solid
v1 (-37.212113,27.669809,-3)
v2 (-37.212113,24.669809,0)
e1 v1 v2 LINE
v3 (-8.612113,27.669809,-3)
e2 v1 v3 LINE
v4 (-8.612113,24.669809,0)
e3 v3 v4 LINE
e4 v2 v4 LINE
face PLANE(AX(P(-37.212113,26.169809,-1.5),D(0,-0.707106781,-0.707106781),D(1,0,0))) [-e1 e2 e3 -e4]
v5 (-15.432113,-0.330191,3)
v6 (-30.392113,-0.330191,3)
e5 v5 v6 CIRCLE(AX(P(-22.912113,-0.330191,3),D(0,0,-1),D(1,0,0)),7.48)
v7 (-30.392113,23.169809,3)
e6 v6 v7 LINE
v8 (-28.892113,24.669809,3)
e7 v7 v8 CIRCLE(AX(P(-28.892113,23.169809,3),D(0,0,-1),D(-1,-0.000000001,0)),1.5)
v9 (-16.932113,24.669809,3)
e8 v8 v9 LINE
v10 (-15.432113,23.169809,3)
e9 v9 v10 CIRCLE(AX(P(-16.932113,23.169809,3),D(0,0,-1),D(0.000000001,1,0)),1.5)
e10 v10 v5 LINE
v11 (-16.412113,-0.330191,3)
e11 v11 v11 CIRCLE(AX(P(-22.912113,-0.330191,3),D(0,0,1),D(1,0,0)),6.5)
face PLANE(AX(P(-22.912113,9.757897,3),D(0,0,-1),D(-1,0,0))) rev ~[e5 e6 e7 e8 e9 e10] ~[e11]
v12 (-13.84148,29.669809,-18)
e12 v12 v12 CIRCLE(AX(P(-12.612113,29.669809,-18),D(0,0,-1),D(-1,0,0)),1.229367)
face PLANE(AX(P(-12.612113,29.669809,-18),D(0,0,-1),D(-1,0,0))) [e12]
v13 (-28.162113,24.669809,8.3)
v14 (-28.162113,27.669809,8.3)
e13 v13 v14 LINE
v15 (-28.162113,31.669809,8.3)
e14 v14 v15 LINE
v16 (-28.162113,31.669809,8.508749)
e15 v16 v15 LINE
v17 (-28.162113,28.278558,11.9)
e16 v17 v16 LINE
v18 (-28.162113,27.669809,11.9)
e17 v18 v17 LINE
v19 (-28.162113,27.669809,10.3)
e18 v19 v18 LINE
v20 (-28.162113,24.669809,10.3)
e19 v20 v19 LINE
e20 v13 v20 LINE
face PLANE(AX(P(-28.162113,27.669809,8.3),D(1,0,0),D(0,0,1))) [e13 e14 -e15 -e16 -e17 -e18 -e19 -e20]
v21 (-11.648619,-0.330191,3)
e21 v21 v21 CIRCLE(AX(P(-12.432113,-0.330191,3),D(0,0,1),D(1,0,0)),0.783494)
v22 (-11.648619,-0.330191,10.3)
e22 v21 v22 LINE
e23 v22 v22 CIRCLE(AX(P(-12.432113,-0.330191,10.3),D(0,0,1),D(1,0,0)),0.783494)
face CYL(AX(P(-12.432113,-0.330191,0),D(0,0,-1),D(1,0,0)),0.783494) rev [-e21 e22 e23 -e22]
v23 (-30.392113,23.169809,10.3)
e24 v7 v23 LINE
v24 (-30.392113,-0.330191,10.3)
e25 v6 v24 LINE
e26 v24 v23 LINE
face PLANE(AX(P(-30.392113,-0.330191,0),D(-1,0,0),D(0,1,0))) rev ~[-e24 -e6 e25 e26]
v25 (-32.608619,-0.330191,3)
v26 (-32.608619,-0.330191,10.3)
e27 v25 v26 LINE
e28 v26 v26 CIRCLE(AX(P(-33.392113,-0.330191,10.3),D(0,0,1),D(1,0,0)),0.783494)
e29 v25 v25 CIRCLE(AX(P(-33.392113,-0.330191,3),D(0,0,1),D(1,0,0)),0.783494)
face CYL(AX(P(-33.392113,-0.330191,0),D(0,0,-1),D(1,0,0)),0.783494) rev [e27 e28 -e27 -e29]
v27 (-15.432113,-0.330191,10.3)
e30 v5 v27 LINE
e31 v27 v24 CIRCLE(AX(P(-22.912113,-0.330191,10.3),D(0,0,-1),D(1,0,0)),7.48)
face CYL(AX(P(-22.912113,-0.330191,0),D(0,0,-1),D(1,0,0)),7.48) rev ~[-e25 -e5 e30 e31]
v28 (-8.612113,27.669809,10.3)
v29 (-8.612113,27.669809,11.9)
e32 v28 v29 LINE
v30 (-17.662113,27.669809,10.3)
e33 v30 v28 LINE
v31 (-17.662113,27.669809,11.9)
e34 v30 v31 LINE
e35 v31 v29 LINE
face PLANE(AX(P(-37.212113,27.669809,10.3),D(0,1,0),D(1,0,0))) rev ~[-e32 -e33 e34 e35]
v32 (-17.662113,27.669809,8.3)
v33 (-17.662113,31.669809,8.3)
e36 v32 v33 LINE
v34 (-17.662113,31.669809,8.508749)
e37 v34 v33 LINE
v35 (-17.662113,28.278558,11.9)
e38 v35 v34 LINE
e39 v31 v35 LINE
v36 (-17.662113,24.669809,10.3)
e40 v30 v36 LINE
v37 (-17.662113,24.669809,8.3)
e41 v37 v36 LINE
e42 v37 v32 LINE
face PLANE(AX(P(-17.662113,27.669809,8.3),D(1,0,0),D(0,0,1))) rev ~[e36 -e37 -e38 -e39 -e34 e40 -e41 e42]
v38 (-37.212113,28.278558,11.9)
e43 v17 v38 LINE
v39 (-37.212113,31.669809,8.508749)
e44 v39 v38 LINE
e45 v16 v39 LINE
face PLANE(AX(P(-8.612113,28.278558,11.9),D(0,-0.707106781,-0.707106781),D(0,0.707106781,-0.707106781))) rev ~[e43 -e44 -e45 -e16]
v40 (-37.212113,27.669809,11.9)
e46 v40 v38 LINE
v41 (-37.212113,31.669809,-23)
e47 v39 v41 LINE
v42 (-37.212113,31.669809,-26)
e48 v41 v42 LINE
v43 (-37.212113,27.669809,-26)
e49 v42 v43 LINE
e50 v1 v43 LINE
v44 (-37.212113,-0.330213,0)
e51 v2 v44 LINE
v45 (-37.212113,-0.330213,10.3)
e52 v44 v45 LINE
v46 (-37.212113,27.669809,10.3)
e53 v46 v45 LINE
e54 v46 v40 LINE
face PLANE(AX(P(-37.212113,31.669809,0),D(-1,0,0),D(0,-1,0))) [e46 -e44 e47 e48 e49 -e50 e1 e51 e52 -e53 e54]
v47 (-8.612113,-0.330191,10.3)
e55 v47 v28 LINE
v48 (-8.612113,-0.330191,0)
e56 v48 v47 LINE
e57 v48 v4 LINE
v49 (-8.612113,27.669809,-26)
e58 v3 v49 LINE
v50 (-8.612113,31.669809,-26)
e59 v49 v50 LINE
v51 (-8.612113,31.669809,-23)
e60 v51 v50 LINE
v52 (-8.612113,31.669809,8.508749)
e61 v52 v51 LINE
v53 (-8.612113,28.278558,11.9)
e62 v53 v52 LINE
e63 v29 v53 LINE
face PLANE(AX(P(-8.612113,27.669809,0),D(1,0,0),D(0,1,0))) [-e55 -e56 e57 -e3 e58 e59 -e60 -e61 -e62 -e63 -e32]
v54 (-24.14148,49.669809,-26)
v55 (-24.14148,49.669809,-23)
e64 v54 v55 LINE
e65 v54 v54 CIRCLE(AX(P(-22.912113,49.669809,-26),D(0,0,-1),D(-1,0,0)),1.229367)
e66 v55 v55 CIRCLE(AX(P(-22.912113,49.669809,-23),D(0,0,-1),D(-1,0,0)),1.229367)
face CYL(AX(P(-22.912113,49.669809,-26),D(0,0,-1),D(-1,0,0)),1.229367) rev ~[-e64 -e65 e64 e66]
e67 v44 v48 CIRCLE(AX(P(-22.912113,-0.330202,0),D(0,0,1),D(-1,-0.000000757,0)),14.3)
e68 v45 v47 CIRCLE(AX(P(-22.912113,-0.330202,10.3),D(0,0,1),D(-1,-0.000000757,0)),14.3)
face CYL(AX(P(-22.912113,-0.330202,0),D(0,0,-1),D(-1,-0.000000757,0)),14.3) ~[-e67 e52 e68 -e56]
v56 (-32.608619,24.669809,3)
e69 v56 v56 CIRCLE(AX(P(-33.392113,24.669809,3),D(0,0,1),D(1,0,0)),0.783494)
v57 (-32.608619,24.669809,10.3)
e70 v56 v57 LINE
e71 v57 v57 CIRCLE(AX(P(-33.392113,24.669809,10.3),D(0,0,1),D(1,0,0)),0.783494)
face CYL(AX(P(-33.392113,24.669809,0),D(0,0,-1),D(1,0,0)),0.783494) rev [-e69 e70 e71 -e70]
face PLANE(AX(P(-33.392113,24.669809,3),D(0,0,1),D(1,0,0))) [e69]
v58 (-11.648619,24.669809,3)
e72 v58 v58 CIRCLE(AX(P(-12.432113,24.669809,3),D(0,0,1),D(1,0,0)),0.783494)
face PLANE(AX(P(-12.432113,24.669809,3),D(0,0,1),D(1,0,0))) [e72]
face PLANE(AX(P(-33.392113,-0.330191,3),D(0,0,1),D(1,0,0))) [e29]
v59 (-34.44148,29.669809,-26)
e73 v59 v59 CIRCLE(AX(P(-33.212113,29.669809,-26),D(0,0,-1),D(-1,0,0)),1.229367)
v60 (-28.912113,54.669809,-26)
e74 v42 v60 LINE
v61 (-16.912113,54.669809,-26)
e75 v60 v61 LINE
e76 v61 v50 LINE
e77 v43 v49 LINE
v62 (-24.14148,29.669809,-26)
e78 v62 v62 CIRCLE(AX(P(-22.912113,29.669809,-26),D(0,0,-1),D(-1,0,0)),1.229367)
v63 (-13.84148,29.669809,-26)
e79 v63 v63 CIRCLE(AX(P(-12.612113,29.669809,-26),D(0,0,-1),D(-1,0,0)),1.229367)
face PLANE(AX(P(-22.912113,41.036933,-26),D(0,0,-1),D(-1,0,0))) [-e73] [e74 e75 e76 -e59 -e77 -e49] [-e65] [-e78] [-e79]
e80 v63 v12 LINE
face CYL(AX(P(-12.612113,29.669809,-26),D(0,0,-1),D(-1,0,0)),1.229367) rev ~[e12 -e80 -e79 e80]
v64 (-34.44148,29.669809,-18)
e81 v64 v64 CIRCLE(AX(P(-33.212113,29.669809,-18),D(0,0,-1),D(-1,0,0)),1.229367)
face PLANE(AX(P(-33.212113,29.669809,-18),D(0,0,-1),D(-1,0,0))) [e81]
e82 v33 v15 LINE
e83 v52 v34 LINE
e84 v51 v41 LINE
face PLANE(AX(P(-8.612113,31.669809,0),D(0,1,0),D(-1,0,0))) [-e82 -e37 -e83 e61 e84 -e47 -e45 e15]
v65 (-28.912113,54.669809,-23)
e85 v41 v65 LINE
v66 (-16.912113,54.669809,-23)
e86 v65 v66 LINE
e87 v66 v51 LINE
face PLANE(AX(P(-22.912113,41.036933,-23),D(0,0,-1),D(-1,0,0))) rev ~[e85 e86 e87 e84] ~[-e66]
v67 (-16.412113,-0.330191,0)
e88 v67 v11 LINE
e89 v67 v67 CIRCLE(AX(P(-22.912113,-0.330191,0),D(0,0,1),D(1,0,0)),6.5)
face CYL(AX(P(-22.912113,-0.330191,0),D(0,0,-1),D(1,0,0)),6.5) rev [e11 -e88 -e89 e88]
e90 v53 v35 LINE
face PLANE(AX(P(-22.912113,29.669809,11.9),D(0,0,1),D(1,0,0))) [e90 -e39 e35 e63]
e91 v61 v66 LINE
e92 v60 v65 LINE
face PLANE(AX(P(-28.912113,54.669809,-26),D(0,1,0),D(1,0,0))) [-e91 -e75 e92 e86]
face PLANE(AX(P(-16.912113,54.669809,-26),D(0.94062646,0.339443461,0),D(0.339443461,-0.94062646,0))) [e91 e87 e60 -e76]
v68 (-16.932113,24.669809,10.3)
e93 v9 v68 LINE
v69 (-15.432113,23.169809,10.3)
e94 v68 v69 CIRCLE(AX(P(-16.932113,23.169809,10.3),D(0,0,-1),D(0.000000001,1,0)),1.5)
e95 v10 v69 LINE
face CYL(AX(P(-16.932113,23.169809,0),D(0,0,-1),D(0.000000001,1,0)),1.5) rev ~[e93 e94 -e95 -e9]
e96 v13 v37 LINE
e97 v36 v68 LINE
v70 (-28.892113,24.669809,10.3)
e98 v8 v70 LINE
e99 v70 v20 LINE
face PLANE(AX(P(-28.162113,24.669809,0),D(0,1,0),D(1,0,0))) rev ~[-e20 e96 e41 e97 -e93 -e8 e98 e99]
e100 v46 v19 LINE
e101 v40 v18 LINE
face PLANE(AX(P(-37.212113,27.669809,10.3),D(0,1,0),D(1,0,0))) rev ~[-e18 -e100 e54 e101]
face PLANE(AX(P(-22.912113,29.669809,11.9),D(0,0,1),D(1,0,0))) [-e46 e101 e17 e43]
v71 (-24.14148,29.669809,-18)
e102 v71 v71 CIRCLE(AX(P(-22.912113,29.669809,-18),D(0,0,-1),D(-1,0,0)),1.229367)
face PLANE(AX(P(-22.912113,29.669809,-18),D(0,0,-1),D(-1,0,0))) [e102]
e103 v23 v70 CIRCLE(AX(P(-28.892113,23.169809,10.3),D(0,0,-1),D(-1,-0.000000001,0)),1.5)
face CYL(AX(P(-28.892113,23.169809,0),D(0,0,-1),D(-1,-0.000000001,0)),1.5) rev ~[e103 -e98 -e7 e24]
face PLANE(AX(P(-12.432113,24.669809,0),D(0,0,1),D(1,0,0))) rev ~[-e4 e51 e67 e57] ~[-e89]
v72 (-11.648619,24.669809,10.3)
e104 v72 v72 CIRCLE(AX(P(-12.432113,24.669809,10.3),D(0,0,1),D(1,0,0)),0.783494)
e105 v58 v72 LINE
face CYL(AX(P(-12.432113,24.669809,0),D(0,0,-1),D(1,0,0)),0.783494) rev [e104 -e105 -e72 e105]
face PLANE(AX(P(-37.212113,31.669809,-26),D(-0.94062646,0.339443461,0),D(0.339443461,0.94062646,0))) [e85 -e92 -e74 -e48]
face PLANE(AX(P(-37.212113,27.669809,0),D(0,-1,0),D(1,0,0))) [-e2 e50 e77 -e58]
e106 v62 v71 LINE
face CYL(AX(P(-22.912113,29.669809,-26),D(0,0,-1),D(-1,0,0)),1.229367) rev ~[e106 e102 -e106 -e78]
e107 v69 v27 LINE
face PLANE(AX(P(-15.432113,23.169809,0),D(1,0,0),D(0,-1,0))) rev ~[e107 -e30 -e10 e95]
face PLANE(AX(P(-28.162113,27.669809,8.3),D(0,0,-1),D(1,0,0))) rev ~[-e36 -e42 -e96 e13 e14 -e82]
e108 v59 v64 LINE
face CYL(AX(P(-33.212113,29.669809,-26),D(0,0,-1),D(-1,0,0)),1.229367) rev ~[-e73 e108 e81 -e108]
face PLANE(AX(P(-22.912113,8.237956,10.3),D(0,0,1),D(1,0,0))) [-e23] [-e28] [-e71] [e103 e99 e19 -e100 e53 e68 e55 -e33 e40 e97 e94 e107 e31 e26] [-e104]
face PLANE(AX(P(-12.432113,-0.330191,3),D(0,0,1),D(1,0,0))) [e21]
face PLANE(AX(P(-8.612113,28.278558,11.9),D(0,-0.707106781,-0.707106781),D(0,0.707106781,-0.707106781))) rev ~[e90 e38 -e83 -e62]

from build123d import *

# Parameters (mm, degrees)
MODEL_R             = 0.7834936
EXTRUDE_1_DEPTH     = 10.3
MODEL_3_W           = 10.5
MODEL_3_H           = 3
EXTRUDE_2_DEPTH     = 8.3
MODEL_4_R           = 6.5
EXTRUDE_3_DEPTH     = 3
SKETCH_2_W          = 28.6
SKETCH_2_H          = 4
EXTRUDE_4_DEPTH     = 1.6
SKETCH_3_W          = 10.5
SKETCH_3_H          = 5.089019843
CUT_EXTRUDE_1_DEPTH = 5.6
MODEL_5_W           = 28.6
MODEL_5_H           = 4
EXTRUDE_5_DEPTH     = 26
MODEL_6_R           = 0.7834936
EXTRUDE_6_DEPTH     = 3
SKETCH_4_R          = 1.229367
EXTRUDE_7_DEPTH     = 3
SKETCH_4_3_R        = 1.229367
CUT_EXTRUDE_2_DEPTH = 8
CHAMFER_1_SIZE      = 3
CUT_EXTRUDE_3_DEPTH = 30


with BuildPart() as part:
    # Model → Extrude 1 (new body)
    with BuildSketch(Plane.XY):
        with BuildLine():
            Line((-37.212112801, 31.669809042), (-37.212112801, -0.330212606))
            ThreePointArc((-37.212112801, -0.330212606), (-22.912101977, -14.630201782), (-8.612112801, -0.330190958))
            Line((-8.612112801, -0.330190958), (-8.612112801, 31.669809042))
            Line((-8.612112801, 31.669809042), (-37.212112801, 31.669809042))
        make_face()
        with BuildLine():
            Line((-28.162112801, 27.669809042), (-17.662112801, 27.669809042))
            Line((-17.662112801, 27.669809042), (-17.662112801, 24.669809042))
            Line((-17.662112801, 24.669809042), (-16.932112801, 24.669809042))
            ThreePointArc((-16.932112801, 24.669809042), (-15.87145263, 24.230469214), (-15.432112801, 23.169809042))
            Line((-15.432112801, 23.169809042), (-15.432112801, -0.330190958))
            ThreePointArc((-15.432112801, -0.330190958), (-22.912112801, -7.810190958), (-30.392112801, -0.330190958))
            Line((-30.392112801, -0.330190958), (-30.392112801, 23.169809042))
            ThreePointArc((-30.392112801, 23.169809042), (-29.952772973, 24.230469214), (-28.892112801, 24.669809042))
            Line((-28.892112801, 24.669809042), (-28.162112801, 24.669809042))
            Line((-28.162112801, 24.669809042), (-28.162112801, 27.669809042))
        make_face(mode=Mode.SUBTRACT)
        with Locations((-33.392112801, 24.669809042)):
            Circle(MODEL_R, mode=Mode.SUBTRACT)
        with Locations((-12.432112801, 24.669809042)):
            Circle(MODEL_R, mode=Mode.SUBTRACT)
        with Locations((-33.392112801, -0.330190958)):
            Circle(MODEL_R, mode=Mode.SUBTRACT)
        with Locations((-12.432112801, -0.330190958)):
            Circle(MODEL_R, mode=Mode.SUBTRACT)
    extrude(amount=EXTRUDE_1_DEPTH)

    # Model_3 → Extrude 2 (add)
    with BuildSketch(Plane.XY):
        with Locations((-22.912112801, 26.169809042)):
            Rectangle(MODEL_3_W, MODEL_3_H)
    extrude(amount=EXTRUDE_2_DEPTH)

    # Model_4 → Extrude 3 (add)
    with BuildSketch(Plane.XY):
        with BuildLine():
            Line((-17.662112801, 24.669809042), (-28.162112801, 24.669809042))
            Line((-28.162112801, 24.669809042), (-28.892112801, 24.669809042))
            ThreePointArc((-28.892112801, 24.669809042), (-29.952772973, 24.230469214), (-30.392112801, 23.169809042))
            Line((-30.392112801, 23.169809042), (-30.392112801, -0.330190958))
            ThreePointArc((-30.392112801, -0.330190958), (-22.912112801, -7.810190958), (-15.432112801, -0.330190958))
            Line((-15.432112801, -0.330190958), (-15.432112801, 23.169809042))
            ThreePointArc((-15.432112801, 23.169809042), (-15.87145263, 24.230469214), (-16.932112801, 24.669809042))
            Line((-16.932112801, 24.669809042), (-17.662112801, 24.669809042))
        make_face()
        with Locations((-22.912112801, -0.330190958)):
            Circle(MODEL_4_R, mode=Mode.SUBTRACT)
    extrude(amount=EXTRUDE_3_DEPTH)

    # Sketch 2 → Extrude 4 (add)
    with BuildSketch(Plane.XY.offset(10.3)):
        with Locations((-22.912112801, 29.669809042)):
            Rectangle(SKETCH_2_W, SKETCH_2_H)
    extrude(amount=EXTRUDE_4_DEPTH)

    # Sketch 3 → Cut-Extrude 1 (cut)
    with BuildSketch(Plane.XZ.offset(-27.669809042)):
        with Locations((-22.912112801, 10.844509922)):
            Rectangle(SKETCH_3_W, SKETCH_3_H)
    extrude(amount=-CUT_EXTRUDE_1_DEPTH, mode=Mode.SUBTRACT)

    # Model_5 → Extrude 5 (add)
    with BuildSketch(Plane.XY):
        with Locations((-22.912112801, 29.669809042)):
            Rectangle(MODEL_5_W, MODEL_5_H)
    extrude(amount=-EXTRUDE_5_DEPTH)

    # Model_6 → Extrude 6 (add)
    with BuildSketch(Plane.XY):
        with Locations((-12.432112801, -0.330190958)):
            Circle(MODEL_6_R)
        with Locations((-33.392112801, -0.330190958)):
            Circle(MODEL_6_R)
        with Locations((-12.432112801, 24.669809042)):
            Circle(MODEL_6_R)
        with Locations((-33.392112801, 24.669809042)):
            Circle(MODEL_6_R)
    extrude(amount=EXTRUDE_6_DEPTH)

    # Sketch 4 → Extrude 7 (add)
    with BuildSketch(Plane(origin=(0, 0, -26), x_dir=(-1, 0, 0), z_dir=(0, 0, -1))):
        Polygon((37.212112801, 31.669809042), (28.912112801, 54.669809042), (16.912112801, 54.669809042), (8.612112801, 31.669809042), align=None)
        with Locations((22.912112801, 49.669809042)):
            Circle(SKETCH_4_R, mode=Mode.SUBTRACT)
    extrude(amount=-EXTRUDE_7_DEPTH)

    # Sketch 4_3 → Cut-Extrude 2 (cut)
    with BuildSketch(Plane(origin=(0, 0, -26), x_dir=(-1, 0, 0), z_dir=(0, 0, -1))):
        with Locations((12.612112801, 29.669809042)):
            Circle(SKETCH_4_3_R)
        with Locations((33.212112801, 29.669809042)):
            Circle(SKETCH_4_3_R)
        with Locations((22.912112801, 29.669809042)):
            Circle(SKETCH_4_3_R)
    extrude(amount=-CUT_EXTRUDE_2_DEPTH, mode=Mode.SUBTRACT)

    # Chamfer 1
    chamfer_1_edges = [part.edges().sort_by_distance(p)[0] for p in [
        (-22.912112801, 27.669809042, 0),
    ]]
    chamfer(chamfer_1_edges, length=CHAMFER_1_SIZE)

    # Sketch 5 → Cut-Extrude 3 (cut)
    with BuildSketch(Plane(origin=(-8.612112801, 0, 0), x_dir=(0, 0, -1), z_dir=(1, 0, 0))):
        Polygon((-11.9, 31.669809042), (-11.9, 28.278558322), (-8.50874928, 31.669809042), align=None)
    extrude(amount=-CUT_EXTRUDE_3_DEPTH, mode=Mode.SUBTRACT)


solid = part.part
